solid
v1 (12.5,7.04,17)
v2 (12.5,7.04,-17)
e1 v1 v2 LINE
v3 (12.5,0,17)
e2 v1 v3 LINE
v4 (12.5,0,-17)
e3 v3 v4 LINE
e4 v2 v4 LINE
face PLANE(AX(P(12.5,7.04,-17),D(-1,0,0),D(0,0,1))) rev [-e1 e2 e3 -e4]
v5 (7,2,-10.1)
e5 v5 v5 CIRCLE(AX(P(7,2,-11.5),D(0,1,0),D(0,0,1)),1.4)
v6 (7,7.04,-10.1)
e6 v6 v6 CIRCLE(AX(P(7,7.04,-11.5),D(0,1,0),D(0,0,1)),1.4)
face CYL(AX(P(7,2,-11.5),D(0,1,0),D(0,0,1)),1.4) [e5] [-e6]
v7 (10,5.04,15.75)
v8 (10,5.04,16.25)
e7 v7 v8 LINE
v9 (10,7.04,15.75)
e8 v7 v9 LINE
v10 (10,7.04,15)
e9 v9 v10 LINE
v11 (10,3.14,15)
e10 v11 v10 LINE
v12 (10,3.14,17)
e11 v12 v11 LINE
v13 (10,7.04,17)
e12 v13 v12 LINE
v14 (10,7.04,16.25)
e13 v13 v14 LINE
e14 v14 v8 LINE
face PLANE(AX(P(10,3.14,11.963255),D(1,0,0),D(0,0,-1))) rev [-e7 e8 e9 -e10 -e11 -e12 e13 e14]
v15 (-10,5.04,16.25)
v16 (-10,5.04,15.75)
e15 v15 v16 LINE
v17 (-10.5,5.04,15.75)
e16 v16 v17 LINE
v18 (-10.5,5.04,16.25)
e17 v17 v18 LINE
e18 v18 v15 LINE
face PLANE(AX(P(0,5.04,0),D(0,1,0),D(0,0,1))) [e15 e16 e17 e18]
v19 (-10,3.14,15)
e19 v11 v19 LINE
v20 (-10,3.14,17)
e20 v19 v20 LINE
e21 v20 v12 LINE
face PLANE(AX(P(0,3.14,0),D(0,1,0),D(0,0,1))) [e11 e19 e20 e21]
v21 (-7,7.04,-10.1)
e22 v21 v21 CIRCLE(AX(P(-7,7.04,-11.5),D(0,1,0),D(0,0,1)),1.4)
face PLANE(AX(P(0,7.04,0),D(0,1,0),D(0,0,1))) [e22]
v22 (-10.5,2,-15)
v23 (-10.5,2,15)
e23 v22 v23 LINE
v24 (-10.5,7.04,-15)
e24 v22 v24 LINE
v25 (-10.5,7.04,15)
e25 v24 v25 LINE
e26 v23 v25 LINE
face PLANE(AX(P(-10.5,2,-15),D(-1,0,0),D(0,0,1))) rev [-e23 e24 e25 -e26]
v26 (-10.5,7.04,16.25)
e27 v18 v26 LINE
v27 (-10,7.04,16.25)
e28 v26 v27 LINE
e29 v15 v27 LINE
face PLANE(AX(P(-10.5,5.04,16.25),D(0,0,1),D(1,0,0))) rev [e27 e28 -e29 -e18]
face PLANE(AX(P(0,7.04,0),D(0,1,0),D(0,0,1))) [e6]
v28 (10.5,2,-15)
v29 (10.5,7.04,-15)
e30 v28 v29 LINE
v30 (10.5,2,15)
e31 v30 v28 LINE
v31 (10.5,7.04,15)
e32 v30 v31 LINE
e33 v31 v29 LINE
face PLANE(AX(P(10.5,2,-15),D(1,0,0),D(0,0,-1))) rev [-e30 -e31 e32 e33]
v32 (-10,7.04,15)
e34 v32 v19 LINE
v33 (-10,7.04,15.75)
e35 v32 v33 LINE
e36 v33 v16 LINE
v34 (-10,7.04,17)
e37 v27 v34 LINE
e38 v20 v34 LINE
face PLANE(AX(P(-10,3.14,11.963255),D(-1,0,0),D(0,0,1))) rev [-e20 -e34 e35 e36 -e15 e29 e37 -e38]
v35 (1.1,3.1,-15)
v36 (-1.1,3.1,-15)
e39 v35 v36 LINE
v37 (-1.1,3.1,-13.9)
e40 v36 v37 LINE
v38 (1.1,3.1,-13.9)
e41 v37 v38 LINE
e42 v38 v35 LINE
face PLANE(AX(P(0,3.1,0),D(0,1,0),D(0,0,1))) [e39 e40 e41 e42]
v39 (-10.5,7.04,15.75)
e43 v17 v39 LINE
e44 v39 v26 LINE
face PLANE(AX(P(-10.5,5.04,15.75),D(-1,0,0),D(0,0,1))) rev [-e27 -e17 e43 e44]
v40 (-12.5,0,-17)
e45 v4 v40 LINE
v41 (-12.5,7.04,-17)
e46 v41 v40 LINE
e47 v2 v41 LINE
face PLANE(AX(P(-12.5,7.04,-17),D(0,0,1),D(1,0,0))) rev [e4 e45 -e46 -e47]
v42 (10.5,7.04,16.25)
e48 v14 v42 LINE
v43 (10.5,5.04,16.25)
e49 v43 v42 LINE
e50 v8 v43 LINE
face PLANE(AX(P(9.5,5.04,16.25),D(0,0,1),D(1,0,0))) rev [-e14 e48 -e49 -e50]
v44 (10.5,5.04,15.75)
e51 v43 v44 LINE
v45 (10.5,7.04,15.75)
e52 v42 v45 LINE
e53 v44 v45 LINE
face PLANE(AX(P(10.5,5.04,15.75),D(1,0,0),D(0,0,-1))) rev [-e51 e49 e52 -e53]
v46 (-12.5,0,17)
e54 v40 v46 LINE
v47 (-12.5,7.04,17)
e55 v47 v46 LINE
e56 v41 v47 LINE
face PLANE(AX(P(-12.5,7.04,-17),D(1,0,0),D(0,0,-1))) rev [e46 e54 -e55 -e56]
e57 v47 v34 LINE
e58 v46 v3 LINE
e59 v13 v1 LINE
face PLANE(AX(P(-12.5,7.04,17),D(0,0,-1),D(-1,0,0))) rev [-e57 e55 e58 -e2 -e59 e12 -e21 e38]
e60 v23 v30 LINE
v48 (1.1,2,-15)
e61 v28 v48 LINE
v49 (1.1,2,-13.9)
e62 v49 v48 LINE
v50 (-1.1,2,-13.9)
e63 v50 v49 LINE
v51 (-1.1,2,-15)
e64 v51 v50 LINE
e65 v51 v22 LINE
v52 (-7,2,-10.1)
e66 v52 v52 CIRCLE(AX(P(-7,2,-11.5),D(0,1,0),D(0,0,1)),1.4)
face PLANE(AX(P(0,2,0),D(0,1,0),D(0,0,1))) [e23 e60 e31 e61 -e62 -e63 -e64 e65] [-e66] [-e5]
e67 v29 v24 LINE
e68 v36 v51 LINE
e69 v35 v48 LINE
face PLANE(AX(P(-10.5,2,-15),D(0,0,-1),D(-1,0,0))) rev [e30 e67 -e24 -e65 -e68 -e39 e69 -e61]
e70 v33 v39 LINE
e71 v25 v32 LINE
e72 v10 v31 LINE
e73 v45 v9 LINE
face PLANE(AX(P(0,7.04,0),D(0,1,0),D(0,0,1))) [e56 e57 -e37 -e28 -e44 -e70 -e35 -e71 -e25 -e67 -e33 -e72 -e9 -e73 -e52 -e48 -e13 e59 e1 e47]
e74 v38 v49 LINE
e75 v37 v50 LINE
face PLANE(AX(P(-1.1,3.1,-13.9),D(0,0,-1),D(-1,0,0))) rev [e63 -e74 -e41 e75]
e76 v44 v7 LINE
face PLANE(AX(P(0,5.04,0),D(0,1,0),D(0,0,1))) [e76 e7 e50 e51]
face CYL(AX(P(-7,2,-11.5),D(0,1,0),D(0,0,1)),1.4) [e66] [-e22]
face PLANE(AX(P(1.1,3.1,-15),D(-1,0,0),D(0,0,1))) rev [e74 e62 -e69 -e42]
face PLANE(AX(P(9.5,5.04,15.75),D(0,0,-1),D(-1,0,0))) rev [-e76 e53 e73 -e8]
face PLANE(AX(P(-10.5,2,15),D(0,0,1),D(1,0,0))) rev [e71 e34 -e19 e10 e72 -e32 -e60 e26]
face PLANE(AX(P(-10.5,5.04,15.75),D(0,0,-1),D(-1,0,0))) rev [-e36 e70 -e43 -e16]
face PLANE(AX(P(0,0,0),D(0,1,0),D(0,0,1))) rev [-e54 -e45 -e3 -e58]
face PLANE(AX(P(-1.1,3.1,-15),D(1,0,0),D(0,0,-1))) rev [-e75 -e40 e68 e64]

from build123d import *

# Parameters (mm, degrees)
IZIM1_W                     = 25
IZIM1_H                     = 34
Y_KSEKLIK_EKSTR_ZYON1_DEPTH = 7.04
IZIM2_W                     = 21
IZIM2_H                     = 30
IZIM2_R                     = 1.4
KES_EKSTR_ZYON1_DEPTH       = 5.04
IZIM3_W                     = 20
IZIM3_H                     = 5.688553579
KES_EKSTR_ZYON2_DEPTH       = 3.9
IZIM4_W                     = 2.2
IZIM4_H                     = 1.1
Y_KSEKLIK_EKSTR_ZYON2_DEPTH = 1.1
IZIM5_W                     = 1
IZIM5_H                     = 0.5
KES_EKSTR_ZYON3_DEPTH       = 2


with BuildPart() as part:
    # Çizim1 → Yükseklik-Ekstrüzyon1 (new body)
    with BuildSketch(Plane(origin=(0, 0, 0), x_dir=(1, 0, 0), z_dir=(0, 1, 0))):
        Rectangle(IZIM1_W, IZIM1_H)
    extrude(amount=Y_KSEKLIK_EKSTR_ZYON1_DEPTH)

    # Çizim2 → Kes-Ekstrüzyon1 (cut)
    with BuildSketch(Plane(origin=(0, 7.04, 0), x_dir=(1, 0, 0), z_dir=(0, 1, 0))):
        Rectangle(IZIM2_W, IZIM2_H)
        with Locations((-7, 11.5)):
            Circle(IZIM2_R, mode=Mode.SUBTRACT)
        with Locations((7, 11.5)):
            Circle(IZIM2_R, mode=Mode.SUBTRACT)
    extrude(amount=-KES_EKSTR_ZYON1_DEPTH, mode=Mode.SUBTRACT)

    # Çizim3 → Kes-Ekstrüzyon2 (cut)
    with BuildSketch(Plane(origin=(0, 7.04, 0), x_dir=(1, 0, 0), z_dir=(0, 1, 0))):
        with Locations((0, -14.80753211)):
            Rectangle(IZIM3_W, IZIM3_H)
    extrude(amount=-KES_EKSTR_ZYON2_DEPTH, mode=Mode.SUBTRACT)

    # Çizim4 → Yükseklik-Ekstrüzyon2 (add)
    with BuildSketch(Plane(origin=(0, 2, 0), x_dir=(1, 0, 0), z_dir=(0, 1, 0))):
        with Locations((0, 14.45)):
            Rectangle(IZIM4_W, IZIM4_H)
    extrude(amount=Y_KSEKLIK_EKSTR_ZYON2_DEPTH)

    # Çizim5 → Kes-Ekstrüzyon3 (cut)
    with BuildSketch(Plane(origin=(0, 7.04, 0), x_dir=(1, 0, 0), z_dir=(0, 1, 0))):
        with Locations((-10, -16)):
            Rectangle(IZIM5_W, IZIM5_H)
        with Locations((10, -16)):
            Rectangle(IZIM5_W, IZIM5_H)
    extrude(amount=-KES_EKSTR_ZYON3_DEPTH, mode=Mode.SUBTRACT)


solid = part.part
